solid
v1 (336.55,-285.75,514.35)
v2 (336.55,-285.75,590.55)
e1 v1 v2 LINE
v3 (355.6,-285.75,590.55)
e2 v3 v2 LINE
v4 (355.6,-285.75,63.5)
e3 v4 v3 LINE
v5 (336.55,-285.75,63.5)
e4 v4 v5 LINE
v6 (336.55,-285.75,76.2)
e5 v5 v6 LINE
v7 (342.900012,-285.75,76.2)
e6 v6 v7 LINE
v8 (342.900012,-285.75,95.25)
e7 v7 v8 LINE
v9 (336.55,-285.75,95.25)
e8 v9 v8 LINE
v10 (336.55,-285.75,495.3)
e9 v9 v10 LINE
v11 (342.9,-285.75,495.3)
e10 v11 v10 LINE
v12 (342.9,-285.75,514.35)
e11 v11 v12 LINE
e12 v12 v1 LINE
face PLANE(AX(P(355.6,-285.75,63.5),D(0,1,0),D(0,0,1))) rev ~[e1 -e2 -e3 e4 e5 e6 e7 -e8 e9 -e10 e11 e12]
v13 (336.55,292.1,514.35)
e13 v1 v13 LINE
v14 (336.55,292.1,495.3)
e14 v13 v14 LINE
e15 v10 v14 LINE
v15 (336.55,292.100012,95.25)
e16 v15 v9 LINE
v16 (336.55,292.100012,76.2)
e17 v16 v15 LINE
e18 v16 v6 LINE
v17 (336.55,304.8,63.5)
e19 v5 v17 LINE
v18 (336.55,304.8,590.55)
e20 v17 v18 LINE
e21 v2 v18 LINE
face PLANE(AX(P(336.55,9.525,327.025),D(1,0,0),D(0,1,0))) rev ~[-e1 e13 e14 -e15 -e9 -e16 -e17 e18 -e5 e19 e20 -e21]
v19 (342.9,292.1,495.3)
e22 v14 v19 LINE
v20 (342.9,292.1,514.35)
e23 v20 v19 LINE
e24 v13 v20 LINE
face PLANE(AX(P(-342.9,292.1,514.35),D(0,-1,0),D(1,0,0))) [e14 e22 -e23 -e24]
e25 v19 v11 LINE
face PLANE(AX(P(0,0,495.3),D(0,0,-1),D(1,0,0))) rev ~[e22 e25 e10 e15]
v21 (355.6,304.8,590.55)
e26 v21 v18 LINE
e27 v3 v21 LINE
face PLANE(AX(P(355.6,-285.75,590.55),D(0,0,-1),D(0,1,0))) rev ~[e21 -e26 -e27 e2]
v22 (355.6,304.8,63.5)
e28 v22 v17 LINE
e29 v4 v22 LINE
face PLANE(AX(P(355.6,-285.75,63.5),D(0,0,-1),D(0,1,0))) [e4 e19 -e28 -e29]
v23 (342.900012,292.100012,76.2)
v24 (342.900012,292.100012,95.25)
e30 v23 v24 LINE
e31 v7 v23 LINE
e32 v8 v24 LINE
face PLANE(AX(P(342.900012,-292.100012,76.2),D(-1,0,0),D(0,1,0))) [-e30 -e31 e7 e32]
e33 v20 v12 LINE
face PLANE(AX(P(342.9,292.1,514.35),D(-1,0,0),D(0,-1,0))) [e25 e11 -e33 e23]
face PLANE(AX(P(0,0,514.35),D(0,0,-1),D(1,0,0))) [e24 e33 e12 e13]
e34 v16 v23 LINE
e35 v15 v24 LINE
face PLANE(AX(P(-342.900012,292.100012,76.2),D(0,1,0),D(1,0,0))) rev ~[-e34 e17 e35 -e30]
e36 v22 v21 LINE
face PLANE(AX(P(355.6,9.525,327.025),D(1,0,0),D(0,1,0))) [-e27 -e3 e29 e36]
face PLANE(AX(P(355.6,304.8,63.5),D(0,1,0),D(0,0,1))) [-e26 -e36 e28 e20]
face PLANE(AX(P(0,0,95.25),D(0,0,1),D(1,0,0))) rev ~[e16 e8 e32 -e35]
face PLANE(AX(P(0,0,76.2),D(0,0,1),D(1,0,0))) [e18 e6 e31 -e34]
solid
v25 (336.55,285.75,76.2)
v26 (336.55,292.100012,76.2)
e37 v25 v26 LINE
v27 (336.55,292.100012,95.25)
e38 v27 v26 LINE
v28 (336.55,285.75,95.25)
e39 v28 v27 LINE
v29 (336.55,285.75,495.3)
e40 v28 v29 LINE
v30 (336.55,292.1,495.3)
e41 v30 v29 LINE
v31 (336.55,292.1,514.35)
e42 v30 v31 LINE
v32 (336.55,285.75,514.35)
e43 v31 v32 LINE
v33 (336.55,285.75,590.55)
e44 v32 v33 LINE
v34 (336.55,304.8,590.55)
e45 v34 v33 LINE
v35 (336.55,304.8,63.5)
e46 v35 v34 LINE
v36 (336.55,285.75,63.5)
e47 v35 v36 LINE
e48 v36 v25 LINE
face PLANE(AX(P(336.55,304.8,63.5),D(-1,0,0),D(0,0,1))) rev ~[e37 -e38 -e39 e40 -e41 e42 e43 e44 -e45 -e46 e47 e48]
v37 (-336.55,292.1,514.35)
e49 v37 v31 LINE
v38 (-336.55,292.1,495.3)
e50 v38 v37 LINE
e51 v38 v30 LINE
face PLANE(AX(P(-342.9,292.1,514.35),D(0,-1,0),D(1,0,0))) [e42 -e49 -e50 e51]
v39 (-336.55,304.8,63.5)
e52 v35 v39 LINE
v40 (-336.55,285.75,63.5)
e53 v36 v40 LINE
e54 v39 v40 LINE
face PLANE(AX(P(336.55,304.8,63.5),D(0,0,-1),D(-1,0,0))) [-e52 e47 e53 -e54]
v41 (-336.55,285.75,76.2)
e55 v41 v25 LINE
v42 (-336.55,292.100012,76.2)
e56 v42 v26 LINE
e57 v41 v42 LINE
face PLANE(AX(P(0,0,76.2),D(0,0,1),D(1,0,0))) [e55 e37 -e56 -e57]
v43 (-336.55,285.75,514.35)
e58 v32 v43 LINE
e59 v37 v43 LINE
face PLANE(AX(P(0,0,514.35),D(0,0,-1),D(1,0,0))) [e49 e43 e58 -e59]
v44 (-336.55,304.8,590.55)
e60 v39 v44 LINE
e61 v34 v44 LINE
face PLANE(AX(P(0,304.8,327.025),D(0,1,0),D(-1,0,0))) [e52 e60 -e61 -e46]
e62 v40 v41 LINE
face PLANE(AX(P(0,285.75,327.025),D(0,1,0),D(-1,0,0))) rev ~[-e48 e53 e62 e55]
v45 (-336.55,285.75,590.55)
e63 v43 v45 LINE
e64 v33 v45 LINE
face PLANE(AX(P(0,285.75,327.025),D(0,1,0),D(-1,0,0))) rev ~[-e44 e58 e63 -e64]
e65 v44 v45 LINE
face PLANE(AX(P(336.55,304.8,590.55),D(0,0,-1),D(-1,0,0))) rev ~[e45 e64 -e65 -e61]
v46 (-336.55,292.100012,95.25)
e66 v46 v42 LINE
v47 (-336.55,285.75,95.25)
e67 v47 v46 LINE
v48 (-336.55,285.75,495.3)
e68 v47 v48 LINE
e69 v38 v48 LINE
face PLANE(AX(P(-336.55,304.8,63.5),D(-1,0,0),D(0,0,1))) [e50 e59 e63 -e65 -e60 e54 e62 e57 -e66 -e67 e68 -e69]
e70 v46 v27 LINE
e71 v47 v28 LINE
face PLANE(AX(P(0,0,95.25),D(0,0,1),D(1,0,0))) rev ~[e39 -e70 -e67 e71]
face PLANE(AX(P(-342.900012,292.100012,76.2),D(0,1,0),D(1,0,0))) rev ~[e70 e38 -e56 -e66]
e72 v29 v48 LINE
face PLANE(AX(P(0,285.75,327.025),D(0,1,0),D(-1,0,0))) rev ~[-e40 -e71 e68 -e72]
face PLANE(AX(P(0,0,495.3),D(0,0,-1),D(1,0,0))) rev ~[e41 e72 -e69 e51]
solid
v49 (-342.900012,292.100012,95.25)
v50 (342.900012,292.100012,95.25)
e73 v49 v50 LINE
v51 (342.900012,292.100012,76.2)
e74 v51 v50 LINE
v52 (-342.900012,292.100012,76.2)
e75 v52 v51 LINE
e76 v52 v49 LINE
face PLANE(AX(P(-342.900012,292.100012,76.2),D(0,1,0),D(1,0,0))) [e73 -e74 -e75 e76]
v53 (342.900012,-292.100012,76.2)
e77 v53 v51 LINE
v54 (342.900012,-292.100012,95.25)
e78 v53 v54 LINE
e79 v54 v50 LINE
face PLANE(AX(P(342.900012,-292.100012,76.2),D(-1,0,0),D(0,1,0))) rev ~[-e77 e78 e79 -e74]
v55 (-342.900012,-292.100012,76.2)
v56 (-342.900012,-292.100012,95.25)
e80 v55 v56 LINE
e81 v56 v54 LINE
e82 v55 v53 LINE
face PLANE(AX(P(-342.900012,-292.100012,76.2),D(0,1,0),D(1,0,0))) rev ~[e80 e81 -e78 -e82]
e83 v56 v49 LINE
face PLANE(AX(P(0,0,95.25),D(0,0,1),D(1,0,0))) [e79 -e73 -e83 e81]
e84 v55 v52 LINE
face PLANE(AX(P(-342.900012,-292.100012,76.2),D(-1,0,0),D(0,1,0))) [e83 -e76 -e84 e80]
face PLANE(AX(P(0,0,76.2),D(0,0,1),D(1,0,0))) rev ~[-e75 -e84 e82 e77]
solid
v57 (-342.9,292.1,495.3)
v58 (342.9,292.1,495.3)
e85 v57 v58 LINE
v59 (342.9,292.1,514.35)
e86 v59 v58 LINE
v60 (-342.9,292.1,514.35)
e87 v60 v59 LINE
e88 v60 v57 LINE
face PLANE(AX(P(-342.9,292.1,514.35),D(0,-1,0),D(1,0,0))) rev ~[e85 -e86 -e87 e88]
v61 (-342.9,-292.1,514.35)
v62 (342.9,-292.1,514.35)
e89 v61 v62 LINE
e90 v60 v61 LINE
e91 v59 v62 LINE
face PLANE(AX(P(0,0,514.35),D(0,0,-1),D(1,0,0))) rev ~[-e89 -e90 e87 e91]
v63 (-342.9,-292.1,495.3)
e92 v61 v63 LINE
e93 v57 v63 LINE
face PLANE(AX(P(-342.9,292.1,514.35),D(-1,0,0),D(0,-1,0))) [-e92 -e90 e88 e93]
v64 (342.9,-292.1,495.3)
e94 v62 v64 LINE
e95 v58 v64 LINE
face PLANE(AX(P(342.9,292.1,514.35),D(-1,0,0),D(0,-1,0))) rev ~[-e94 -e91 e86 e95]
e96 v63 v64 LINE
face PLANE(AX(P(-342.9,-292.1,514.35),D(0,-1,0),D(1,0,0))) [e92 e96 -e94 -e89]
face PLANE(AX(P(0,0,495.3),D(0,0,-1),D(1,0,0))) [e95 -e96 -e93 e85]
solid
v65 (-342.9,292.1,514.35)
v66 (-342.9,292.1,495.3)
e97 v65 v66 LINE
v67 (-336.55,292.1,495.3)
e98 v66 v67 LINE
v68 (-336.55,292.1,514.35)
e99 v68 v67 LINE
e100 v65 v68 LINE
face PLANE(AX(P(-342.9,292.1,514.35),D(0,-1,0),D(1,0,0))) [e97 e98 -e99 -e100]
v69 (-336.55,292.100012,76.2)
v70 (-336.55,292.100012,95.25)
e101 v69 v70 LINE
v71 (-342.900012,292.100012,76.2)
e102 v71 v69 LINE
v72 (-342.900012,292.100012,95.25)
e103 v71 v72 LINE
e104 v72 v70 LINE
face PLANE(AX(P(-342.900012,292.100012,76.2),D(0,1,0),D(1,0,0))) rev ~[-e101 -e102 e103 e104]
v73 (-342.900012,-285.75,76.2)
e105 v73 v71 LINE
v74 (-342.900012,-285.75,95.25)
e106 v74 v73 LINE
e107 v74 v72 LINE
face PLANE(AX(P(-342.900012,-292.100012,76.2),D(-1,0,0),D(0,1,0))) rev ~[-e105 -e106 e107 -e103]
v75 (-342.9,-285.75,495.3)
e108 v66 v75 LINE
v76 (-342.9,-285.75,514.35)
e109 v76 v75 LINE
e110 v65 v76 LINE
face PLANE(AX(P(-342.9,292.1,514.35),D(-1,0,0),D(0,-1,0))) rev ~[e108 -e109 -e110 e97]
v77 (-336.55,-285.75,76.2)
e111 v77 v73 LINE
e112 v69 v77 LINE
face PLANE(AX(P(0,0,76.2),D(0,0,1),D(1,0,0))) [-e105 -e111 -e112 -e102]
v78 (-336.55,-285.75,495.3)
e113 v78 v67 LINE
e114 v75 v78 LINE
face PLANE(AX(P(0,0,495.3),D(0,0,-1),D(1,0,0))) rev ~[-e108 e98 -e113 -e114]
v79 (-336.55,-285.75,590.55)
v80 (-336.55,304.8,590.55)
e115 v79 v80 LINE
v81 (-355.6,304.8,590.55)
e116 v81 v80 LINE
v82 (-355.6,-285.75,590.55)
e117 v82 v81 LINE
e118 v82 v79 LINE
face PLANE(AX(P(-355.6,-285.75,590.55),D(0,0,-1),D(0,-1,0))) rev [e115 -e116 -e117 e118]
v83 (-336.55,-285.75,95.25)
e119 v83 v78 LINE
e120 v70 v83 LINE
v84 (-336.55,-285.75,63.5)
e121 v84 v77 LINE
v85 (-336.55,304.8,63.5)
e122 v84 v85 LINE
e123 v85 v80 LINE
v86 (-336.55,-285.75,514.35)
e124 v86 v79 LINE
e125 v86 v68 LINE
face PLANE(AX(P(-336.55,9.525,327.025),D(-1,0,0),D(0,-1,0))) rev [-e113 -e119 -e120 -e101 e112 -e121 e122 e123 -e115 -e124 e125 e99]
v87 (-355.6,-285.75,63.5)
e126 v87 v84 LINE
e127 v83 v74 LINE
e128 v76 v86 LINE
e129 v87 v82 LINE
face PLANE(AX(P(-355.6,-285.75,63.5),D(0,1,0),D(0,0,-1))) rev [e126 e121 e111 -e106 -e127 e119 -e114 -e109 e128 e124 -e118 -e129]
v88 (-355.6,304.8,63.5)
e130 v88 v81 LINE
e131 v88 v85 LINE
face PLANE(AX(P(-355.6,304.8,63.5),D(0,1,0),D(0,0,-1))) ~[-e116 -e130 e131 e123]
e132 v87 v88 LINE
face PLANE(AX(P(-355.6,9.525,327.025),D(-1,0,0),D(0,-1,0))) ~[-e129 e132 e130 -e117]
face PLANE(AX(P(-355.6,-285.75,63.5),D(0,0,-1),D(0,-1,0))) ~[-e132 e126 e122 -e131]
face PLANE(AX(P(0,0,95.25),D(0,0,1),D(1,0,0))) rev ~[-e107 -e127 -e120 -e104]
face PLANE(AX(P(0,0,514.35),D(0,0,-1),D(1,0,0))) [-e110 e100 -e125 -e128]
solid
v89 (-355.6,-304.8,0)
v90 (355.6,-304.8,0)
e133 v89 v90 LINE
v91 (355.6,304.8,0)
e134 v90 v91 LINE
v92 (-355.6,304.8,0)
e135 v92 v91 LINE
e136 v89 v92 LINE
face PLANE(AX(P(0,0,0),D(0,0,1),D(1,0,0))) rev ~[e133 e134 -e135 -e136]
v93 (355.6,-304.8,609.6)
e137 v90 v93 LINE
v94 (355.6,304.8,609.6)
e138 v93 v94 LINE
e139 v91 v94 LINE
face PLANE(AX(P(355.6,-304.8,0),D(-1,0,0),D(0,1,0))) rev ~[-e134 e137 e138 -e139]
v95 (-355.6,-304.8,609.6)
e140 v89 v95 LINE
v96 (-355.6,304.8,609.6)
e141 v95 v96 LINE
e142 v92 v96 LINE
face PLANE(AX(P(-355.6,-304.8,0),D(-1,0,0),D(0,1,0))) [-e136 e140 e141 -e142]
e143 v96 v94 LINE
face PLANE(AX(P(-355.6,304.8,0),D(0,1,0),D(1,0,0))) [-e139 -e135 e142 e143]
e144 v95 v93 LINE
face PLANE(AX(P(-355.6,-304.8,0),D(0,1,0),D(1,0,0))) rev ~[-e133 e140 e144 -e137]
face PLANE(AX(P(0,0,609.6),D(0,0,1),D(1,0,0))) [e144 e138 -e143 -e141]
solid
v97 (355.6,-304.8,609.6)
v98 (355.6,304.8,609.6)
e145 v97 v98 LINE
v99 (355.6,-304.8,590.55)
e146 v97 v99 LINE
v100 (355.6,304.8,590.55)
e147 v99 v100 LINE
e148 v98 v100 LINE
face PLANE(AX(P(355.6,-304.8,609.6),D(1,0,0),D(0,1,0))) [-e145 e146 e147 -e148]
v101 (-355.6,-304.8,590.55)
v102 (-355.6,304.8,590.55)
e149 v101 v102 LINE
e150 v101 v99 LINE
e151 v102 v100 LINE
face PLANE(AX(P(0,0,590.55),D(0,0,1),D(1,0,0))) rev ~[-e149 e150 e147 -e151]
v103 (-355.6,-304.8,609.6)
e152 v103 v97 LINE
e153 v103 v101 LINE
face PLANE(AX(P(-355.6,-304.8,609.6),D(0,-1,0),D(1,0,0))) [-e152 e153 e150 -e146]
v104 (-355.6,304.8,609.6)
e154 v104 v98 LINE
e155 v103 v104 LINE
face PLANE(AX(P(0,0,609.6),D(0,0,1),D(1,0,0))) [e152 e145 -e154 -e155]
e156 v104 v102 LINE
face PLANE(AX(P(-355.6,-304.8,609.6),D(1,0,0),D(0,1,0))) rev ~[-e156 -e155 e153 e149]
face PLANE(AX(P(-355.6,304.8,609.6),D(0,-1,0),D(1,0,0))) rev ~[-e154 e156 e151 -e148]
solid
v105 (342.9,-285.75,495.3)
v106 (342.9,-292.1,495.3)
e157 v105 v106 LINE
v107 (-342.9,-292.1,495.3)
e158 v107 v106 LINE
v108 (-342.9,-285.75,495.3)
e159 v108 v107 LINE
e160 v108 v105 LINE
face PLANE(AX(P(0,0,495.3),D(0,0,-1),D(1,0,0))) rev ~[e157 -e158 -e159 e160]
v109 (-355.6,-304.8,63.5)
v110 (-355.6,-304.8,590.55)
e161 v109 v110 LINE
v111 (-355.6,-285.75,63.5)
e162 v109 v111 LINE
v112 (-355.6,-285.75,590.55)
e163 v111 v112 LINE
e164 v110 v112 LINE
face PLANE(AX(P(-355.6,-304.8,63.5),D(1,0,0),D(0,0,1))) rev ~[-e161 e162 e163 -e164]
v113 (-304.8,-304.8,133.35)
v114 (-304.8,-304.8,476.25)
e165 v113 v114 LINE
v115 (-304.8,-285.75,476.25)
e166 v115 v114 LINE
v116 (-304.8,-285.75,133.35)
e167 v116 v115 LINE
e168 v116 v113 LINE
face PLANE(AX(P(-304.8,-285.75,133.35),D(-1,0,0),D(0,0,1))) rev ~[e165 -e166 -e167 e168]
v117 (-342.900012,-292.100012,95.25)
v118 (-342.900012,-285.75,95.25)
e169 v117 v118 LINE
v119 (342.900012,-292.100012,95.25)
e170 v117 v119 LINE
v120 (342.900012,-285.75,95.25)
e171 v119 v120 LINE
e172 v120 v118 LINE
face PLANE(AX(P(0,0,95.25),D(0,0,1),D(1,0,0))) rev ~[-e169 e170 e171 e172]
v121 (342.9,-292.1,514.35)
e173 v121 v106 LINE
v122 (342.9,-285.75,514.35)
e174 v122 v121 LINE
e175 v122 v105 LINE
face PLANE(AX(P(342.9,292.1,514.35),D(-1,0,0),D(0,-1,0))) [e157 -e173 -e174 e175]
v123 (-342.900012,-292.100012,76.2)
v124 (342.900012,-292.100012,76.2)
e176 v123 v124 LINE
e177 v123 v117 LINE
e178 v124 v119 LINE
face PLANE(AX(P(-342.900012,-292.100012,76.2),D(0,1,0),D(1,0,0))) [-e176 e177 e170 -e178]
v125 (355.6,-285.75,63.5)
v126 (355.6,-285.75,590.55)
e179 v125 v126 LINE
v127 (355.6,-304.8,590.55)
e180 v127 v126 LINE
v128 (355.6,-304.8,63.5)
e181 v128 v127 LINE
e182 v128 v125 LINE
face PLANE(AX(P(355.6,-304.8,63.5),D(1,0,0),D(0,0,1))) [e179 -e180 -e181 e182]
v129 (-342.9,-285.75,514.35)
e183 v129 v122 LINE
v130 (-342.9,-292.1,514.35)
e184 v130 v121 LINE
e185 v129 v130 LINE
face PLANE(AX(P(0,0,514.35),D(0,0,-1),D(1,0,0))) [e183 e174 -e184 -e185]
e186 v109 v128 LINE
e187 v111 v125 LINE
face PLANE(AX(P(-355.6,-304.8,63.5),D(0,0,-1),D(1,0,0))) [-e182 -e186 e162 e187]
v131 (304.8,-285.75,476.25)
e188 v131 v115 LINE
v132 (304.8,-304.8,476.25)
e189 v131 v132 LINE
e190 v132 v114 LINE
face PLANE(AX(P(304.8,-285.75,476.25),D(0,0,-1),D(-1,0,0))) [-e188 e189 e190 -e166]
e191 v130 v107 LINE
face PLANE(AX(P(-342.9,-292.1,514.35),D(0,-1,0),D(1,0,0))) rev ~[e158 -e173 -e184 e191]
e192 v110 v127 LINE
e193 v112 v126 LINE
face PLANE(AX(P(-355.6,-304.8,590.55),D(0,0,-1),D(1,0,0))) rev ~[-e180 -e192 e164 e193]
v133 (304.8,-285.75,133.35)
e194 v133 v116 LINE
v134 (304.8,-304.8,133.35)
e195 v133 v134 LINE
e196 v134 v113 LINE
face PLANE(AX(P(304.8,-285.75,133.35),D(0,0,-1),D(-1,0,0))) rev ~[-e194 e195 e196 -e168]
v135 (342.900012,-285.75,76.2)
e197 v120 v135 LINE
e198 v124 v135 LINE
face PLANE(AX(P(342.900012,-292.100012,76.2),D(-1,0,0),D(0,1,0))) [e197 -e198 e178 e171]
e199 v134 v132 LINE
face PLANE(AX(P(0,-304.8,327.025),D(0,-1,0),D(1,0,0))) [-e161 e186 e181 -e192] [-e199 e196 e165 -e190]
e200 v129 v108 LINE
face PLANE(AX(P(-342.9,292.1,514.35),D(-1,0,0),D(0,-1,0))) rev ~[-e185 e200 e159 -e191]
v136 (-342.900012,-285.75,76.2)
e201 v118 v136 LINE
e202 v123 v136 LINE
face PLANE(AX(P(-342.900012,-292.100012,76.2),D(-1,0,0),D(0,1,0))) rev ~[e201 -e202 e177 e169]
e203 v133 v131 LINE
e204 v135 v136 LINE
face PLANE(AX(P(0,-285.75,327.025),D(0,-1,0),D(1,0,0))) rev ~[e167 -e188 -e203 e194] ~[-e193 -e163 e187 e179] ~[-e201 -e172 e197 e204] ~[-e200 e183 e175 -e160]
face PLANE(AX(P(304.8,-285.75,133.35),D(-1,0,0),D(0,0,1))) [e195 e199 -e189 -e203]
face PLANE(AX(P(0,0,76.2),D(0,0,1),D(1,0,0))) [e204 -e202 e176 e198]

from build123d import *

# Parameters (mm, degrees)
F0_W      = 711.2
F0_H      = 609.6
F1_DEPTH  = 609.6
F2_W      = 711.2
F2_H      = 609.6
F3_DEPTH  = 19.05
F4_W      = 590.55
F4_H      = 527.05
F5_DEPTH  = 19.05
F7_W      = 711.2
F7_H      = 527.05
F8_DEPTH  = 19.05
F9_W      = 673.1
F9_H      = 527.05
F10_DEPTH = 19.05
F12_W     = 685.8000246048
F12_H     = 584.2000246048
F12_W_2   = 673.1
F12_H_2   = 571.5
F13_DEPTH = 19.05
F15_W     = 685.8
F15_H     = 584.2
F16_DEPTH = 19.05
F17_W     = 609.6
F17_H     = 342.9
F18_DEPTH = 19.05


with BuildPart() as f1:
    # F0 (on Top) → F1 (new body)
    with BuildSketch(Plane.XY):
        Rectangle(F0_W, F0_H)
    extrude(amount=F1_DEPTH)


with BuildPart() as f3:
    # F2 (on face) → F3 (new body)
    with BuildSketch(Plane.XY.offset(609.6)):
        Rectangle(F2_W, F2_H)
    extrude(amount=-F3_DEPTH)


with BuildPart() as f5:
    # F4 (on face) → F5 (new body)
    with BuildSketch(Plane.YZ.offset(355.6)):
        with Locations((9.525, 327.025)):
            Rectangle(F4_W, F4_H)
    extrude(amount=-F5_DEPTH)


with BuildPart() as f6_1:
    # F6: instance of F5
    add(f5.part.mirror(Plane.YZ))


with BuildPart() as f8:
    # F7 (on face) → F8 (new body)
    with BuildSketch(Plane.XZ.offset(304.8)):
        with Locations((0, 327.025)):
            Rectangle(F7_W, F7_H)
    extrude(amount=-F8_DEPTH)

    # F17 (on face) → F18 (cut, through all)
    with BuildSketch(Plane(origin=(0, -285.75, 0), x_dir=(-1, 0, 0), z_dir=(0, 1, 0))):
        with Locations((0, 304.8)):
            Rectangle(F17_W, F17_H)
    extrude(amount=-F18_DEPTH, mode=Mode.SUBTRACT)


with BuildPart() as f10:
    # F9 (on face) → F10 (new body)
    with BuildSketch(Plane(origin=(0, 304.8, 0), x_dir=(-1, 0, 0), z_dir=(0, 1, 0))):
        with Locations((0, 327.025)):
            Rectangle(F9_W, F9_H)
    extrude(amount=-F10_DEPTH)


with BuildPart() as f13:
    # F12 (on offset) → F13 (new body)
    with BuildSketch(Plane.XY.offset(76.2)):
        Rectangle(F12_W, F12_H)
        Rectangle(F12_W_2, F12_H_2, mode=Mode.SUBTRACT)
        Rectangle(F12_W_2, F12_H_2)
    extrude(amount=F13_DEPTH)


with BuildPart() as f16:
    # F15 (on offset) → F16 (new body)
    with BuildSketch(Plane(origin=(0, 0, 514.35), x_dir=(1, 0, 0), z_dir=(0, 0, -1))):
        Rectangle(F15_W, F15_H)
    extrude(amount=F16_DEPTH)


with BuildPart() as f10_1:
    add(f10.part)

    # F19: cut F13
    add(f13.part, mode=Mode.SUBTRACT)

    # F20: cut F16
    add(f16.part, mode=Mode.SUBTRACT)


with BuildPart() as f6_1_1:
    add(f6_1.part)

    # F19: cut F13
    add(f13.part, mode=Mode.SUBTRACT)

    # F20: cut F16
    add(f16.part, mode=Mode.SUBTRACT)


with BuildPart() as f8_1:
    add(f8.part)

    # F19: cut F13
    add(f13.part, mode=Mode.SUBTRACT)

    # F20: cut F16
    add(f16.part, mode=Mode.SUBTRACT)


with BuildPart() as f5_1:
    add(f5.part)

    # F19: cut F13
    add(f13.part, mode=Mode.SUBTRACT)

    # F20: cut F16
    add(f16.part, mode=Mode.SUBTRACT)


solid = Compound([f1.part, f3.part, f13.part, f16.part, f10_1.part, f6_1_1.part, f8_1.part, f5_1.part])
